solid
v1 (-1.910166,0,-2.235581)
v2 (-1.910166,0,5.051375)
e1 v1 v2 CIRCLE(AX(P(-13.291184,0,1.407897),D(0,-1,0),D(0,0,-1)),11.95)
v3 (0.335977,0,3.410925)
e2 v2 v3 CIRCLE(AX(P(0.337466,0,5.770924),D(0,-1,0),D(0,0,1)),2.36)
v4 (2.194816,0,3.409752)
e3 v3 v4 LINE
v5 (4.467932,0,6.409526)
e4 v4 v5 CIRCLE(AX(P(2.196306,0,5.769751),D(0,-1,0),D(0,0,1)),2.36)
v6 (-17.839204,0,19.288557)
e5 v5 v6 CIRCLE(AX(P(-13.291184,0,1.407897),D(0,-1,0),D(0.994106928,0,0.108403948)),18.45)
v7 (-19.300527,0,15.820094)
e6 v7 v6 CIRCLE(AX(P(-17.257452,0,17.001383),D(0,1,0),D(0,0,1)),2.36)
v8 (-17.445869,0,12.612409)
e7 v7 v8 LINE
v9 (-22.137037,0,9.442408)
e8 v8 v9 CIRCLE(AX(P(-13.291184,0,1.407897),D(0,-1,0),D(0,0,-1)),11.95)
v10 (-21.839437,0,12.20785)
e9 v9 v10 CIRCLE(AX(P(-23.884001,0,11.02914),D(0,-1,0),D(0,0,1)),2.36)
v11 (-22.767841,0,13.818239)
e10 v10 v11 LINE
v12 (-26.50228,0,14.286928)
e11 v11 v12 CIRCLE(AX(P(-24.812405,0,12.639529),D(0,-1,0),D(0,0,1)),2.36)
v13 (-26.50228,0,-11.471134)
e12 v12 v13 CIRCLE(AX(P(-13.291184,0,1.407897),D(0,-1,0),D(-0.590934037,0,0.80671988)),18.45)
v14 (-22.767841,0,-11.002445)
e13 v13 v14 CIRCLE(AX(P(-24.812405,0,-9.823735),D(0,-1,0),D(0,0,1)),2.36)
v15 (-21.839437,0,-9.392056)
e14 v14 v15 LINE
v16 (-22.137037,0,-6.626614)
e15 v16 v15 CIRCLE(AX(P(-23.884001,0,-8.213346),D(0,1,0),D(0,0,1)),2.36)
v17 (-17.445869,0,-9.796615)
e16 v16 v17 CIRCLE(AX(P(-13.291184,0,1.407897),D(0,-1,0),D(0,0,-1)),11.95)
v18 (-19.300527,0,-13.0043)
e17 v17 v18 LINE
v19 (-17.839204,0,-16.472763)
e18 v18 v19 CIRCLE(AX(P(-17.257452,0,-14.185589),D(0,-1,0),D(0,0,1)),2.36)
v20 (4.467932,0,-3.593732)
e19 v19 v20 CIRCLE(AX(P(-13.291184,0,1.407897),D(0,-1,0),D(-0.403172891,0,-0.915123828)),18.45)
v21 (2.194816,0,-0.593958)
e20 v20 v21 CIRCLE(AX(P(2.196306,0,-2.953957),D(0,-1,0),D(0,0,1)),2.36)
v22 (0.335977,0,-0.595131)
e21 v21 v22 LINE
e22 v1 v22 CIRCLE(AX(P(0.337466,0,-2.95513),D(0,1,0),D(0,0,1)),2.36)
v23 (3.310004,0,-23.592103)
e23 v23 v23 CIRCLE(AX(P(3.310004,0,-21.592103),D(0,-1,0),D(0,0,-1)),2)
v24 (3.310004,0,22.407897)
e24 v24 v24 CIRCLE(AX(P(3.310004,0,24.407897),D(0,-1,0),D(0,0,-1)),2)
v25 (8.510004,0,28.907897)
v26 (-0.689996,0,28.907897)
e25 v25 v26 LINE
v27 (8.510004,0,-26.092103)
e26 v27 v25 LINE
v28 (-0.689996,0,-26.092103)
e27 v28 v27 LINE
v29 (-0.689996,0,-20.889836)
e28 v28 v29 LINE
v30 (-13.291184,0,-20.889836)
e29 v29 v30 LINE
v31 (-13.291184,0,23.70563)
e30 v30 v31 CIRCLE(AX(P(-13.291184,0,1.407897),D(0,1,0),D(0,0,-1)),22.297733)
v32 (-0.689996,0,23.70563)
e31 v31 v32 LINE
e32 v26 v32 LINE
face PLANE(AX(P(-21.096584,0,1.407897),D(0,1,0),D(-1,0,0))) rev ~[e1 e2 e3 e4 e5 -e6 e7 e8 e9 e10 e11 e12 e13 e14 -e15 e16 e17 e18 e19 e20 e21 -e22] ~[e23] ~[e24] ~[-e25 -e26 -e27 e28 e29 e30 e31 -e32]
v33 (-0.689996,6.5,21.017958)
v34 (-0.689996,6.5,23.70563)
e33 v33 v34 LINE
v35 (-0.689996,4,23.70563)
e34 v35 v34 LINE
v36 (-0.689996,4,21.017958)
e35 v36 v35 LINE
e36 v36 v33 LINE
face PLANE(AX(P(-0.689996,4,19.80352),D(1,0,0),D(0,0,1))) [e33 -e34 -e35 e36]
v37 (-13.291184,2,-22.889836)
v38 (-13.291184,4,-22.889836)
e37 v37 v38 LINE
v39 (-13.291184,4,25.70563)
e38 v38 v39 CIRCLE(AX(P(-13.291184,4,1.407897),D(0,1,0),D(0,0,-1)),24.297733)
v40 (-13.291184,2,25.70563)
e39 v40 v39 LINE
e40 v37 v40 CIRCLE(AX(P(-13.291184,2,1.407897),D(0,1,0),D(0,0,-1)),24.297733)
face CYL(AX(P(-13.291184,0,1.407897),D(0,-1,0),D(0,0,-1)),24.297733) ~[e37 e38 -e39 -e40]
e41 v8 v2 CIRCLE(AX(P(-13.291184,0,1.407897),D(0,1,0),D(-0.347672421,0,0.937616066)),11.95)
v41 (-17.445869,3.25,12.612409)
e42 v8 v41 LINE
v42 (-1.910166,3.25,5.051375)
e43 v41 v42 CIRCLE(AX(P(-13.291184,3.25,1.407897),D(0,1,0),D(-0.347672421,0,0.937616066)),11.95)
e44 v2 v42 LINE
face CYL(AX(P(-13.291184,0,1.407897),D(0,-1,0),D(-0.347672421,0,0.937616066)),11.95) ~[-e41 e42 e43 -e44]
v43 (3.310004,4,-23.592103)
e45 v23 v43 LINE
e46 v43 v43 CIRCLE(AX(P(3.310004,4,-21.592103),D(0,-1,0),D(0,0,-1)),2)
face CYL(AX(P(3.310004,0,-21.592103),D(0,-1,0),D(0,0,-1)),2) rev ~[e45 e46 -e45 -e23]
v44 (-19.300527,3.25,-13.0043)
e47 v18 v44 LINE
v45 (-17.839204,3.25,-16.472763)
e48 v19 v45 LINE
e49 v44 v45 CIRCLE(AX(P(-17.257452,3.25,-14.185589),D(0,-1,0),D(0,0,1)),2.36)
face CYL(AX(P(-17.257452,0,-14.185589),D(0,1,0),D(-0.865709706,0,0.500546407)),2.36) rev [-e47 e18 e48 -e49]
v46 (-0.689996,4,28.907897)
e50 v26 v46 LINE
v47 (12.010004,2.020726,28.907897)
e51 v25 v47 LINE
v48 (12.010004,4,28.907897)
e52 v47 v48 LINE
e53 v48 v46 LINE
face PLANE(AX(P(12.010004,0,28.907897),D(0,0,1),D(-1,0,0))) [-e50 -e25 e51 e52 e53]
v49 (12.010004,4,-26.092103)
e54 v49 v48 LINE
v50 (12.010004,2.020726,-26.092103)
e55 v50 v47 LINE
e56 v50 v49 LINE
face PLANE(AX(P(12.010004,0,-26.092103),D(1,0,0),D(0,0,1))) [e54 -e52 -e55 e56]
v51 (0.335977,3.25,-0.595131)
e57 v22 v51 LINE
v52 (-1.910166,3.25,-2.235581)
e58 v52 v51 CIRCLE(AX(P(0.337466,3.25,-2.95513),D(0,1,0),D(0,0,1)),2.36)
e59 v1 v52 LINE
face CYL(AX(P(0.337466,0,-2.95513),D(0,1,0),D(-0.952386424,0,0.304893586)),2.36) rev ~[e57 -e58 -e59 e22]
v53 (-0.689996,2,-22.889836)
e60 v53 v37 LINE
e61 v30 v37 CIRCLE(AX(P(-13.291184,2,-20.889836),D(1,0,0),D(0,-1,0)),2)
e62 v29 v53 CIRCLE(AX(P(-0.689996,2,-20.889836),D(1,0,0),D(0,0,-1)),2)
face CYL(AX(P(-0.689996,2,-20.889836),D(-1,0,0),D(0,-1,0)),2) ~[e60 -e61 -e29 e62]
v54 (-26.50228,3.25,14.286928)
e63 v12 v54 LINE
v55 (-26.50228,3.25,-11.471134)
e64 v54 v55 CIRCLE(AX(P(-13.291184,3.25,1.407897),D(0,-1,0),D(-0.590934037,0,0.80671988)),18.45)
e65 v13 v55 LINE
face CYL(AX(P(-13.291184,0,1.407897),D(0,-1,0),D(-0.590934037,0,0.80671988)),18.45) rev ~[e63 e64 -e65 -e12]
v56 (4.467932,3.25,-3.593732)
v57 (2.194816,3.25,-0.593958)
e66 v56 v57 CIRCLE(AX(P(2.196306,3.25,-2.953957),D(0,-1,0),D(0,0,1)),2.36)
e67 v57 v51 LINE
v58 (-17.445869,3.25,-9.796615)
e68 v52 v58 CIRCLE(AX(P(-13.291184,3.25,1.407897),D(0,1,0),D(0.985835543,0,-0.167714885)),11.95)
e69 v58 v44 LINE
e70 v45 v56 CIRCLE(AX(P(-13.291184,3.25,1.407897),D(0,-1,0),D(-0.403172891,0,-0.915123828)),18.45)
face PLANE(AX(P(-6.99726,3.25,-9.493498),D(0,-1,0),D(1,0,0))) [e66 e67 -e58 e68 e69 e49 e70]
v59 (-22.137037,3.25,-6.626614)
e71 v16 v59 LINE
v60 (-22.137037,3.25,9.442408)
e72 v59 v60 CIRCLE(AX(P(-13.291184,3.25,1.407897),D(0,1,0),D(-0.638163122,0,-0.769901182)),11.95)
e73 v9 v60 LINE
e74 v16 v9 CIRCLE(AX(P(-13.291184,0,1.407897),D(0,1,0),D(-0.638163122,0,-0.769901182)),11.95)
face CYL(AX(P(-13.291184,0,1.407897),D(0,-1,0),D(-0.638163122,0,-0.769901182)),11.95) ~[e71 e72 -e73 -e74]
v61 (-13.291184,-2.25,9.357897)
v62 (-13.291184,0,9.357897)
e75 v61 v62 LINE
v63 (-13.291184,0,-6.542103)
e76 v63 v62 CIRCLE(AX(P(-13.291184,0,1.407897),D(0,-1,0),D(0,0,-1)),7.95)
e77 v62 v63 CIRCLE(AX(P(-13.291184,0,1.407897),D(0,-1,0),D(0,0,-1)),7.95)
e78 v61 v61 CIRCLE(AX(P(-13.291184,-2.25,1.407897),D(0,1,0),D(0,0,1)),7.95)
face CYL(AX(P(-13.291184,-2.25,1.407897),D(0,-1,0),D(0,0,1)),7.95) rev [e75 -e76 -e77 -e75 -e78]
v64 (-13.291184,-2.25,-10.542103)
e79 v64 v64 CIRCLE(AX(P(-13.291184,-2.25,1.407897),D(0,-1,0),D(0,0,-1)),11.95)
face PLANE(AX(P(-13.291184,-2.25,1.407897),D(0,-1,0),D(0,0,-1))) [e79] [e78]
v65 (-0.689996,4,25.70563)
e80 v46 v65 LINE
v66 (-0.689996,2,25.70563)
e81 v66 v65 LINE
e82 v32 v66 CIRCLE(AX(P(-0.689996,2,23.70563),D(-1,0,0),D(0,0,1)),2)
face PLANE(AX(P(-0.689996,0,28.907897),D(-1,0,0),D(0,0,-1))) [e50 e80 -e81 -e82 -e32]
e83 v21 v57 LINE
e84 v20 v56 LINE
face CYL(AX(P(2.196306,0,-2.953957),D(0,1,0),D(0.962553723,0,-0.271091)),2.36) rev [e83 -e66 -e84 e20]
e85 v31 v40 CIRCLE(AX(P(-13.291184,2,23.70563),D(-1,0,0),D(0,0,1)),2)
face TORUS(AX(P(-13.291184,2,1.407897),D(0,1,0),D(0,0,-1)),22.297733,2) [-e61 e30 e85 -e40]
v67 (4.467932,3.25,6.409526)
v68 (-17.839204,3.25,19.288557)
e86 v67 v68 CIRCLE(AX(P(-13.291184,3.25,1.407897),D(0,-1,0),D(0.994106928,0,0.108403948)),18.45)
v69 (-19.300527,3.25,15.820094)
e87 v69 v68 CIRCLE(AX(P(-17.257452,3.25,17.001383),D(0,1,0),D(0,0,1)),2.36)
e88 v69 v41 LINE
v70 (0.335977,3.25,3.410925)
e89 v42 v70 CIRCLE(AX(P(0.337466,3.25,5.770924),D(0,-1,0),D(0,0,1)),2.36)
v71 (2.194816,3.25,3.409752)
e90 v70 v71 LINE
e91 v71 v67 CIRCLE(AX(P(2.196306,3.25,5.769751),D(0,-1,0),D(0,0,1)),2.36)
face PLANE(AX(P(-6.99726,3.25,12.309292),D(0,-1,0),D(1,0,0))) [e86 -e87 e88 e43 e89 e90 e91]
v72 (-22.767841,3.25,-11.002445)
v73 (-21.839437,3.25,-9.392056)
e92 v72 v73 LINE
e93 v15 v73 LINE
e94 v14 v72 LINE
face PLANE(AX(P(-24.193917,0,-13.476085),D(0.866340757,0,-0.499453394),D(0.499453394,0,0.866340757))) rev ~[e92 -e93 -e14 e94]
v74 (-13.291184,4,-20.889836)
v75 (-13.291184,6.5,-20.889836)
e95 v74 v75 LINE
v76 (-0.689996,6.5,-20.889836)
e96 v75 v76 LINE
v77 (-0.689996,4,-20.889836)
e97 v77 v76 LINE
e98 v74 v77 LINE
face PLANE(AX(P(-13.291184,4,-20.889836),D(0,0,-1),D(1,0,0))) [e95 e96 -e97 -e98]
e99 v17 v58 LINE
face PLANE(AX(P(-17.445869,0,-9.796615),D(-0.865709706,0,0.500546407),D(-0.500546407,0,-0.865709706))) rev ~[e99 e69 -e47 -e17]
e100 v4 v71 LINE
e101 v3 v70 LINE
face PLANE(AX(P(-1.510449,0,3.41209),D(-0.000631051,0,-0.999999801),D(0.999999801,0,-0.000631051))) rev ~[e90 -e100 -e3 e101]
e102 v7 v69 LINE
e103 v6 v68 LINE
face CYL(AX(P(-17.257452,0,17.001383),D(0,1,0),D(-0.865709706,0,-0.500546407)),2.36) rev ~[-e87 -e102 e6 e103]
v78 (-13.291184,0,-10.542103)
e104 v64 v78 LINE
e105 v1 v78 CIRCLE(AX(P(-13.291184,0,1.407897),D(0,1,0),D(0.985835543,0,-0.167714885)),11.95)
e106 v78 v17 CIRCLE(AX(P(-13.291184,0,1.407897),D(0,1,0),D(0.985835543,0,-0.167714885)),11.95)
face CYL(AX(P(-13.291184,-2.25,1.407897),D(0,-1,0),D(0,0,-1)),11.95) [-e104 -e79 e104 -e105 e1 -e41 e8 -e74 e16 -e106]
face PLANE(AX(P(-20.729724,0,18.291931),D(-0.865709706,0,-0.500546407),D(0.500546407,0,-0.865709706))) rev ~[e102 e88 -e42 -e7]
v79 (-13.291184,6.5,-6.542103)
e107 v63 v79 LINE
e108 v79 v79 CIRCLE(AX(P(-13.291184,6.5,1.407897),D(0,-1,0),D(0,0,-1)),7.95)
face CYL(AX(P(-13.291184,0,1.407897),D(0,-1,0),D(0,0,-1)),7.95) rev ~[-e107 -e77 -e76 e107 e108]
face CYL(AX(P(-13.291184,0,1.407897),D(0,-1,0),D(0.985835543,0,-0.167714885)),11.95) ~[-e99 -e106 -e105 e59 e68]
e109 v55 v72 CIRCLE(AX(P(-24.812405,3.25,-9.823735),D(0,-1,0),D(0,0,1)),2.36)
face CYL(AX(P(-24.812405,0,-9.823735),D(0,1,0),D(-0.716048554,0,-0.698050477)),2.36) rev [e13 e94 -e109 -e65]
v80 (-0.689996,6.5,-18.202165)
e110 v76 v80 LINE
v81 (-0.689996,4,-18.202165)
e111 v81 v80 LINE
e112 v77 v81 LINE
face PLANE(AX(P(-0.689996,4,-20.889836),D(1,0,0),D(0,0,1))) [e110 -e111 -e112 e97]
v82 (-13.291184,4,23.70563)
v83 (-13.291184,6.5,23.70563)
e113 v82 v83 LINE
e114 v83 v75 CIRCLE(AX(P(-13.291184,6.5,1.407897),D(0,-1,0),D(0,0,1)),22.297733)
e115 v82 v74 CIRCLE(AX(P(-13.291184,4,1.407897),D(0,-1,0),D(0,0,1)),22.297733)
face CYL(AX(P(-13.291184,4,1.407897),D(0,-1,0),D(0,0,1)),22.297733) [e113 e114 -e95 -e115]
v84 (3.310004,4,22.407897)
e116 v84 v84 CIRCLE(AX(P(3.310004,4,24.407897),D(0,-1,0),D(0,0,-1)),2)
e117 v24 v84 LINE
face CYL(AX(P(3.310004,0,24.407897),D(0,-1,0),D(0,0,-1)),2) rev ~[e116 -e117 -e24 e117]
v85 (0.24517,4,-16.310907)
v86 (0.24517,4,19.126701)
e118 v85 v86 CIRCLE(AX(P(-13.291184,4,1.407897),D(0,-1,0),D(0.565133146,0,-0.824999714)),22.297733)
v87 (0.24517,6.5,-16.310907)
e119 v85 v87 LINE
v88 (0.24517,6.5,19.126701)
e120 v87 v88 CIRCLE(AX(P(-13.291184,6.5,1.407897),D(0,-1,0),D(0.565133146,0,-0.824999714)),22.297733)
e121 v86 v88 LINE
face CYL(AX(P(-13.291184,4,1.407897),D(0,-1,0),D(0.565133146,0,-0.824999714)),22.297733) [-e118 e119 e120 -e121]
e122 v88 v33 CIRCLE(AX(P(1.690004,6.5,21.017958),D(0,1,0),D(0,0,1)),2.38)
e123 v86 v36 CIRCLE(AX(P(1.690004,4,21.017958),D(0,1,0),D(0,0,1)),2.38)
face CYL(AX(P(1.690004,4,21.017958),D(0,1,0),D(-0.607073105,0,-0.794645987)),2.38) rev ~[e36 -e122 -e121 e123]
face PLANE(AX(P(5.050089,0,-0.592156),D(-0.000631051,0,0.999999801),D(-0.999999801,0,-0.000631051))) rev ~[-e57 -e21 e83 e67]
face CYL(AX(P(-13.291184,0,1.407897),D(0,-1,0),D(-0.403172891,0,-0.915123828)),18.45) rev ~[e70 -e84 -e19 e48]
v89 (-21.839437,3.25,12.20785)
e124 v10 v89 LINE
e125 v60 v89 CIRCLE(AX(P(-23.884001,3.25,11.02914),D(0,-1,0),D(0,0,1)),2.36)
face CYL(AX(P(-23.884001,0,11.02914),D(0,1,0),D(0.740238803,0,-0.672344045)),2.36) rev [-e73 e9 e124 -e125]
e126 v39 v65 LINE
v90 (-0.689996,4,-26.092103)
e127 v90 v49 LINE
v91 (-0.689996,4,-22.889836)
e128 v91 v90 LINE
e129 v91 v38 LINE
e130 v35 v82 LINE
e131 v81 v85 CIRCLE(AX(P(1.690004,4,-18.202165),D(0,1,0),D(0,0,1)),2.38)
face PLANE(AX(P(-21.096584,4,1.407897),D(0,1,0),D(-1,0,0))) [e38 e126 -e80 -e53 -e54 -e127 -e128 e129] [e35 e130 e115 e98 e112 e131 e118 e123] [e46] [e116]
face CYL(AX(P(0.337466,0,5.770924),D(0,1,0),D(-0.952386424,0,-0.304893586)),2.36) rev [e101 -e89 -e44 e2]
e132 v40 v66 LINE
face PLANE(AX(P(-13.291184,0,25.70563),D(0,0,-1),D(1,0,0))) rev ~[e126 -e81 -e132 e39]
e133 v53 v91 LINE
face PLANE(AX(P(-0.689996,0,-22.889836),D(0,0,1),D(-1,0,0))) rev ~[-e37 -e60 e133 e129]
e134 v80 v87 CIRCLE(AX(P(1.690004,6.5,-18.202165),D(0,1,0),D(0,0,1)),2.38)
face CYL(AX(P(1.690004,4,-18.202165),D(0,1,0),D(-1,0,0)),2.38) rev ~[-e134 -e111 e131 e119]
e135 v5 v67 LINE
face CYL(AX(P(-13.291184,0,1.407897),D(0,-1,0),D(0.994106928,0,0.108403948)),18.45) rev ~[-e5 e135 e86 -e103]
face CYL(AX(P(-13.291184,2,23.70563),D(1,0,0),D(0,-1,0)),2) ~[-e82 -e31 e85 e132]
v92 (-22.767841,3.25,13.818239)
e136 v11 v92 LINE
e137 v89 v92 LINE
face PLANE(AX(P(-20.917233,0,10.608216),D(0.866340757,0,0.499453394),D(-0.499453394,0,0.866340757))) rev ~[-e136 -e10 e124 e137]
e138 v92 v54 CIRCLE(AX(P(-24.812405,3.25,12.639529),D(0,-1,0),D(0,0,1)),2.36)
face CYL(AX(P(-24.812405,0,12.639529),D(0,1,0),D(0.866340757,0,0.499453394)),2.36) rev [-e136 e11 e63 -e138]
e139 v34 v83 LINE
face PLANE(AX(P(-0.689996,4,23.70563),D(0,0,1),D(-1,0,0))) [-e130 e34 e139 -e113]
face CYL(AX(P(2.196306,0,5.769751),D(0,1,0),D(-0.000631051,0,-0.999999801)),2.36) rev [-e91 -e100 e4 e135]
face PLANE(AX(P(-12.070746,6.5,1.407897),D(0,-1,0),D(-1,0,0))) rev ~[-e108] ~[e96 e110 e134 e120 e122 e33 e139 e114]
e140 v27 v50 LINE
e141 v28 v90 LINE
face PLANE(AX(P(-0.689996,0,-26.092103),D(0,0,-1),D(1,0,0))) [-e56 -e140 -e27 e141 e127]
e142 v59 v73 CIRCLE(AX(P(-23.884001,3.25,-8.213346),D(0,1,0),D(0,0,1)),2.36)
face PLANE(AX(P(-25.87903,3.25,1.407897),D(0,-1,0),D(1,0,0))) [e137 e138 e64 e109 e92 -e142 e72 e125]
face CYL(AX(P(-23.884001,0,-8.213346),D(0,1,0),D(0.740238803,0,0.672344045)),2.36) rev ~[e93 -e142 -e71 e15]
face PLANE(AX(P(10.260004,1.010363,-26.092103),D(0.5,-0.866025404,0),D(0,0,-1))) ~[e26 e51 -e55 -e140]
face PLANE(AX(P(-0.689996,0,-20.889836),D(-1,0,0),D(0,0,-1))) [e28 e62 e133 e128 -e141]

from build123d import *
from build123d.topology import SkipClean

# Parameters (mm, degrees)
BOSS_EXTRUDE1_DEPTH = 4
BOSS_EXTRUDE2_DEPTH = 2.5
SKETCH3_R           = 7.95
CUT_EXTRUDE1_DEPTH  = 9.25
SKETCH4_R           = 2
CUT_EXTRUDE2_DEPTH  = 9.25
CUT_EXTRUDE3_DEPTH  = 3.25
FILLET1_R           = 2.36
CHAMFER1_SIZE       = 3.5
CHAMFER1_SIZE2      = 2.020725942
BOSS_EXTRUDE4_DEPTH = 4
FILLET4_R           = 2
BOSS_EXTRUDE5_START = 2.25
SKETCH11_R          = 11.95
BOSS_EXTRUDE5_DEPTH = 2.25
CUT_EXTRUDE4_START  = -2.25
SKETCH12_R          = 7.95
CUT_EXTRUDE4_DEPTH  = 2.25
FILLET5_R           = 2.38


with BuildPart() as part:
    # Sketch1 → Boss-Extrude1 (new body)
    with BuildSketch(Plane(origin=(0, 0, 0), x_dir=(1, 0, 0), z_dir=(0, 1, 0))):
        with BuildLine():
            Line((-13.29118379, 20.889836125), (-0.68999579, 20.889836125))
            Line((-0.68999579, 20.889836125), (-0.68999579, 26.09210312))
            Line((-0.68999579, 26.09210312), (12.01000421, 26.09210312))
            Line((12.01000421, 26.09210312), (12.01000421, -28.90789688))
            Line((12.01000421, -28.90789688), (-0.68999579, -28.90789688))
            Line((-0.68999579, -28.90789688), (-0.68999579, -23.705629885))
            Line((-0.68999579, -23.705629885), (-13.29118379, -23.705629885))
            ThreePointArc((-13.29118379, -23.705629885), (-35.588916795, -1.40789688), (-13.29118379, 20.889836125))
        make_face()
    extrude(amount=BOSS_EXTRUDE1_DEPTH)

    # Sketch2 → Boss-Extrude2 (add)
    with BuildSketch(Plane(origin=(0, 4, 0), x_dir=(1, 0, 0), z_dir=(0, 1, 0))):
        with BuildLine():
            Line((-13.29118379, 20.889836125), (-0.68999579, 20.889836125))
            Line((-0.68999579, 20.889836125), (-0.68999579, 16.987726462))
            ThreePointArc((-0.68999579, 16.987726462), (9.006549215, -1.40789688), (-0.68999579, -19.803520222))
            Line((-0.68999579, -19.803520222), (-0.68999579, -23.705629885))
            Line((-0.68999579, -23.705629885), (-13.29118379, -23.705629885))
            ThreePointArc((-13.29118379, -23.705629885), (-35.588916795, -1.40789688), (-13.29118379, 20.889836125))
        make_face()
    extrude(amount=BOSS_EXTRUDE2_DEPTH)

    # Sketch3 → Cut-Extrude1 (cut)
    with BuildSketch(Plane.XZ):
        with Locations(Location((-13.29118379, 1.40789688, 0), (0, 0, 270))):
            Circle(SKETCH3_R)
    extrude(amount=-CUT_EXTRUDE1_DEPTH, mode=Mode.SUBTRACT)

    # Sketch4 → Cut-Extrude2 (cut)
    with BuildSketch(Plane.XZ):
        with Locations(Location((3.31000421, 24.40789688, 0), (0, 0, 270))):
            Circle(SKETCH4_R)
        with Locations(Location((3.310004206, -21.59210312, 0), (0, 0, 270))):
            Circle(SKETCH4_R)
    extrude(amount=-CUT_EXTRUDE2_DEPTH, mode=Mode.SUBTRACT)

    # Sketch5 → Cut-Extrude3 (cut)
    with BuildSketch(Plane.XZ):
        with BuildLine():
            ThreePointArc((-20.917233099, -7.792422241), (-25.24118379, 1.40789688), (-20.917233099, 10.608216001))
            Line((-20.917233099, 10.608216001), (-24.193916765, 16.291878661))
            ThreePointArc((-24.193916765, 16.291878661), (-31.74118379, 1.40789688), (-24.193916765, -13.476084902))
            Line((-24.193916765, -13.476084902), (-20.917233099, -7.792422241))
        make_face()
        with BuildLine():
            Line((-20.729723635, 18.291931497), (-17.445869217, 12.612408873))
            ThreePointArc((-17.445869217, 12.612408873), (-7.31618379, 11.756900455), (-1.510449053, 3.412089752))
            Line((-1.510449053, 3.412089752), (5.05008903, 3.407949716))
            ThreePointArc((5.05008903, 3.407949716), (-4.06618379, 17.38606558), (-20.729723635, 18.291931497))
        make_face()
        with BuildLine():
            ThreePointArc((-1.510449053, -0.596295992), (-7.31618379, -8.941106696), (-17.445869217, -9.796615113))
            Line((-17.445869217, -9.796615113), (-20.729723635, -15.476137738))
            ThreePointArc((-20.729723635, -15.476137738), (-4.06618379, -14.57027182), (5.05008903, -0.592155956))
            Line((5.05008903, -0.592155956), (-1.510449053, -0.596295992))
        make_face()
    extrude(amount=-CUT_EXTRUDE3_DEPTH, mode=Mode.SUBTRACT)

    # Fillet1
    fillet1_edges = [part.edges().sort_by_distance(p)[0] for p in [
        (-20.917233099, 1.625, 10.608216001),
        (-20.917233099, 1.625, -7.792422241),
        (-24.193916765, 1.625, -13.476084902),
        (-24.193916765, 1.625, 16.291878661),
        (5.05008903, 1.625, 3.407949716),
        (-1.510449053, 1.625, 3.412089752),
        (-20.729723635, 1.625, 18.291931497),
        (-1.510449053, 1.625, -0.596295992),
        (5.05008903, 1.625, -0.592155956),
        (-20.729723635, 1.625, -15.476137738),
    ]]
    fillet(fillet1_edges, radius=FILLET1_R)

    # Chamfer1
    chamfer1_edges = [part.edges().sort_by_distance(p)[0] for p in [
        (12.01000421, 0, 1.40789688),
    ]]
    chamfer1_side = [part.faces().sort_by_distance(p)[0] for p in [
        (-3.702499267, 0, 18.015985651),
    ]]
    chamfer(chamfer1_edges, length=CHAMFER1_SIZE, length2=CHAMFER1_SIZE2, reference=chamfer1_side[0])

    # Sketch10 → Boss-Extrude4 (add)
    with BuildSketch(Plane.XZ):
        with BuildLine():
            Line((-0.68999579, -22.889836125), (-13.29118379, -22.889836125))
            ThreePointArc((-13.29118379, -22.889836125), (-37.588916795, 1.40789688), (-13.29118379, 25.705629885))
            Line((-13.29118379, 25.705629885), (-0.68999579, 25.705629885))
            Line((-0.68999579, 25.705629885), (-0.68999579, 23.705629885))
            Line((-0.68999579, 23.705629885), (-13.29118379, 23.705629885))
            ThreePointArc((-13.29118379, 23.705629885), (-35.588916795, 1.40789688), (-13.29118379, -20.889836125))
            Line((-13.29118379, -20.889836125), (-0.68999579, -20.889836125))
            Line((-0.68999579, -20.889836125), (-0.68999579, -22.889836125))
        make_face()
    extrude(amount=-BOSS_EXTRUDE4_DEPTH)

    # Fillet4
    fillet4_edges = [part.edges().sort_by_distance(p)[0] for p in [
        (-6.99058979, 0, 25.705629885),
        (-37.588916795, 0, 1.40789688),
        (-6.99058979, 0, -22.889836125),
    ]]
    fillet(fillet4_edges, radius=FILLET4_R)

    # Sketch11 → Boss-Extrude5 (add)
    with SkipClean():  # the faces are left unmerged after this step: merging them gives an invalid solid
        with BuildSketch(Plane.XZ.offset(BOSS_EXTRUDE5_START)):
            with Locations(Location((-13.29118379, 1.40789688, 0), (0, 0, 270))):
                Circle(SKETCH11_R)
        extrude(amount=-BOSS_EXTRUDE5_DEPTH)

    # Sketch12 → Cut-Extrude4 (cut)
    with SkipClean():  # the faces are left unmerged after this step: merging them gives an invalid solid
        with BuildSketch(Plane(origin=(0, 0, 0), x_dir=(1, 0, 0), z_dir=(0, 1, 0)).offset(CUT_EXTRUDE4_START)):
            with Locations(Location((-13.29118379, -1.40789688, 0), (0, 0, 270))):
                Circle(SKETCH12_R)
        extrude(amount=CUT_EXTRUDE4_DEPTH, mode=Mode.SUBTRACT)

    # Fillet5
    fillet5_edges = [part.edges().sort_by_distance(p)[0] for p in [
        (-0.68999579, 5.25, 19.803520222),
        (-0.68999579, 5.25, -16.987726462),
    ]]
    fillet(fillet5_edges, radius=FILLET5_R)


solid = part.part
